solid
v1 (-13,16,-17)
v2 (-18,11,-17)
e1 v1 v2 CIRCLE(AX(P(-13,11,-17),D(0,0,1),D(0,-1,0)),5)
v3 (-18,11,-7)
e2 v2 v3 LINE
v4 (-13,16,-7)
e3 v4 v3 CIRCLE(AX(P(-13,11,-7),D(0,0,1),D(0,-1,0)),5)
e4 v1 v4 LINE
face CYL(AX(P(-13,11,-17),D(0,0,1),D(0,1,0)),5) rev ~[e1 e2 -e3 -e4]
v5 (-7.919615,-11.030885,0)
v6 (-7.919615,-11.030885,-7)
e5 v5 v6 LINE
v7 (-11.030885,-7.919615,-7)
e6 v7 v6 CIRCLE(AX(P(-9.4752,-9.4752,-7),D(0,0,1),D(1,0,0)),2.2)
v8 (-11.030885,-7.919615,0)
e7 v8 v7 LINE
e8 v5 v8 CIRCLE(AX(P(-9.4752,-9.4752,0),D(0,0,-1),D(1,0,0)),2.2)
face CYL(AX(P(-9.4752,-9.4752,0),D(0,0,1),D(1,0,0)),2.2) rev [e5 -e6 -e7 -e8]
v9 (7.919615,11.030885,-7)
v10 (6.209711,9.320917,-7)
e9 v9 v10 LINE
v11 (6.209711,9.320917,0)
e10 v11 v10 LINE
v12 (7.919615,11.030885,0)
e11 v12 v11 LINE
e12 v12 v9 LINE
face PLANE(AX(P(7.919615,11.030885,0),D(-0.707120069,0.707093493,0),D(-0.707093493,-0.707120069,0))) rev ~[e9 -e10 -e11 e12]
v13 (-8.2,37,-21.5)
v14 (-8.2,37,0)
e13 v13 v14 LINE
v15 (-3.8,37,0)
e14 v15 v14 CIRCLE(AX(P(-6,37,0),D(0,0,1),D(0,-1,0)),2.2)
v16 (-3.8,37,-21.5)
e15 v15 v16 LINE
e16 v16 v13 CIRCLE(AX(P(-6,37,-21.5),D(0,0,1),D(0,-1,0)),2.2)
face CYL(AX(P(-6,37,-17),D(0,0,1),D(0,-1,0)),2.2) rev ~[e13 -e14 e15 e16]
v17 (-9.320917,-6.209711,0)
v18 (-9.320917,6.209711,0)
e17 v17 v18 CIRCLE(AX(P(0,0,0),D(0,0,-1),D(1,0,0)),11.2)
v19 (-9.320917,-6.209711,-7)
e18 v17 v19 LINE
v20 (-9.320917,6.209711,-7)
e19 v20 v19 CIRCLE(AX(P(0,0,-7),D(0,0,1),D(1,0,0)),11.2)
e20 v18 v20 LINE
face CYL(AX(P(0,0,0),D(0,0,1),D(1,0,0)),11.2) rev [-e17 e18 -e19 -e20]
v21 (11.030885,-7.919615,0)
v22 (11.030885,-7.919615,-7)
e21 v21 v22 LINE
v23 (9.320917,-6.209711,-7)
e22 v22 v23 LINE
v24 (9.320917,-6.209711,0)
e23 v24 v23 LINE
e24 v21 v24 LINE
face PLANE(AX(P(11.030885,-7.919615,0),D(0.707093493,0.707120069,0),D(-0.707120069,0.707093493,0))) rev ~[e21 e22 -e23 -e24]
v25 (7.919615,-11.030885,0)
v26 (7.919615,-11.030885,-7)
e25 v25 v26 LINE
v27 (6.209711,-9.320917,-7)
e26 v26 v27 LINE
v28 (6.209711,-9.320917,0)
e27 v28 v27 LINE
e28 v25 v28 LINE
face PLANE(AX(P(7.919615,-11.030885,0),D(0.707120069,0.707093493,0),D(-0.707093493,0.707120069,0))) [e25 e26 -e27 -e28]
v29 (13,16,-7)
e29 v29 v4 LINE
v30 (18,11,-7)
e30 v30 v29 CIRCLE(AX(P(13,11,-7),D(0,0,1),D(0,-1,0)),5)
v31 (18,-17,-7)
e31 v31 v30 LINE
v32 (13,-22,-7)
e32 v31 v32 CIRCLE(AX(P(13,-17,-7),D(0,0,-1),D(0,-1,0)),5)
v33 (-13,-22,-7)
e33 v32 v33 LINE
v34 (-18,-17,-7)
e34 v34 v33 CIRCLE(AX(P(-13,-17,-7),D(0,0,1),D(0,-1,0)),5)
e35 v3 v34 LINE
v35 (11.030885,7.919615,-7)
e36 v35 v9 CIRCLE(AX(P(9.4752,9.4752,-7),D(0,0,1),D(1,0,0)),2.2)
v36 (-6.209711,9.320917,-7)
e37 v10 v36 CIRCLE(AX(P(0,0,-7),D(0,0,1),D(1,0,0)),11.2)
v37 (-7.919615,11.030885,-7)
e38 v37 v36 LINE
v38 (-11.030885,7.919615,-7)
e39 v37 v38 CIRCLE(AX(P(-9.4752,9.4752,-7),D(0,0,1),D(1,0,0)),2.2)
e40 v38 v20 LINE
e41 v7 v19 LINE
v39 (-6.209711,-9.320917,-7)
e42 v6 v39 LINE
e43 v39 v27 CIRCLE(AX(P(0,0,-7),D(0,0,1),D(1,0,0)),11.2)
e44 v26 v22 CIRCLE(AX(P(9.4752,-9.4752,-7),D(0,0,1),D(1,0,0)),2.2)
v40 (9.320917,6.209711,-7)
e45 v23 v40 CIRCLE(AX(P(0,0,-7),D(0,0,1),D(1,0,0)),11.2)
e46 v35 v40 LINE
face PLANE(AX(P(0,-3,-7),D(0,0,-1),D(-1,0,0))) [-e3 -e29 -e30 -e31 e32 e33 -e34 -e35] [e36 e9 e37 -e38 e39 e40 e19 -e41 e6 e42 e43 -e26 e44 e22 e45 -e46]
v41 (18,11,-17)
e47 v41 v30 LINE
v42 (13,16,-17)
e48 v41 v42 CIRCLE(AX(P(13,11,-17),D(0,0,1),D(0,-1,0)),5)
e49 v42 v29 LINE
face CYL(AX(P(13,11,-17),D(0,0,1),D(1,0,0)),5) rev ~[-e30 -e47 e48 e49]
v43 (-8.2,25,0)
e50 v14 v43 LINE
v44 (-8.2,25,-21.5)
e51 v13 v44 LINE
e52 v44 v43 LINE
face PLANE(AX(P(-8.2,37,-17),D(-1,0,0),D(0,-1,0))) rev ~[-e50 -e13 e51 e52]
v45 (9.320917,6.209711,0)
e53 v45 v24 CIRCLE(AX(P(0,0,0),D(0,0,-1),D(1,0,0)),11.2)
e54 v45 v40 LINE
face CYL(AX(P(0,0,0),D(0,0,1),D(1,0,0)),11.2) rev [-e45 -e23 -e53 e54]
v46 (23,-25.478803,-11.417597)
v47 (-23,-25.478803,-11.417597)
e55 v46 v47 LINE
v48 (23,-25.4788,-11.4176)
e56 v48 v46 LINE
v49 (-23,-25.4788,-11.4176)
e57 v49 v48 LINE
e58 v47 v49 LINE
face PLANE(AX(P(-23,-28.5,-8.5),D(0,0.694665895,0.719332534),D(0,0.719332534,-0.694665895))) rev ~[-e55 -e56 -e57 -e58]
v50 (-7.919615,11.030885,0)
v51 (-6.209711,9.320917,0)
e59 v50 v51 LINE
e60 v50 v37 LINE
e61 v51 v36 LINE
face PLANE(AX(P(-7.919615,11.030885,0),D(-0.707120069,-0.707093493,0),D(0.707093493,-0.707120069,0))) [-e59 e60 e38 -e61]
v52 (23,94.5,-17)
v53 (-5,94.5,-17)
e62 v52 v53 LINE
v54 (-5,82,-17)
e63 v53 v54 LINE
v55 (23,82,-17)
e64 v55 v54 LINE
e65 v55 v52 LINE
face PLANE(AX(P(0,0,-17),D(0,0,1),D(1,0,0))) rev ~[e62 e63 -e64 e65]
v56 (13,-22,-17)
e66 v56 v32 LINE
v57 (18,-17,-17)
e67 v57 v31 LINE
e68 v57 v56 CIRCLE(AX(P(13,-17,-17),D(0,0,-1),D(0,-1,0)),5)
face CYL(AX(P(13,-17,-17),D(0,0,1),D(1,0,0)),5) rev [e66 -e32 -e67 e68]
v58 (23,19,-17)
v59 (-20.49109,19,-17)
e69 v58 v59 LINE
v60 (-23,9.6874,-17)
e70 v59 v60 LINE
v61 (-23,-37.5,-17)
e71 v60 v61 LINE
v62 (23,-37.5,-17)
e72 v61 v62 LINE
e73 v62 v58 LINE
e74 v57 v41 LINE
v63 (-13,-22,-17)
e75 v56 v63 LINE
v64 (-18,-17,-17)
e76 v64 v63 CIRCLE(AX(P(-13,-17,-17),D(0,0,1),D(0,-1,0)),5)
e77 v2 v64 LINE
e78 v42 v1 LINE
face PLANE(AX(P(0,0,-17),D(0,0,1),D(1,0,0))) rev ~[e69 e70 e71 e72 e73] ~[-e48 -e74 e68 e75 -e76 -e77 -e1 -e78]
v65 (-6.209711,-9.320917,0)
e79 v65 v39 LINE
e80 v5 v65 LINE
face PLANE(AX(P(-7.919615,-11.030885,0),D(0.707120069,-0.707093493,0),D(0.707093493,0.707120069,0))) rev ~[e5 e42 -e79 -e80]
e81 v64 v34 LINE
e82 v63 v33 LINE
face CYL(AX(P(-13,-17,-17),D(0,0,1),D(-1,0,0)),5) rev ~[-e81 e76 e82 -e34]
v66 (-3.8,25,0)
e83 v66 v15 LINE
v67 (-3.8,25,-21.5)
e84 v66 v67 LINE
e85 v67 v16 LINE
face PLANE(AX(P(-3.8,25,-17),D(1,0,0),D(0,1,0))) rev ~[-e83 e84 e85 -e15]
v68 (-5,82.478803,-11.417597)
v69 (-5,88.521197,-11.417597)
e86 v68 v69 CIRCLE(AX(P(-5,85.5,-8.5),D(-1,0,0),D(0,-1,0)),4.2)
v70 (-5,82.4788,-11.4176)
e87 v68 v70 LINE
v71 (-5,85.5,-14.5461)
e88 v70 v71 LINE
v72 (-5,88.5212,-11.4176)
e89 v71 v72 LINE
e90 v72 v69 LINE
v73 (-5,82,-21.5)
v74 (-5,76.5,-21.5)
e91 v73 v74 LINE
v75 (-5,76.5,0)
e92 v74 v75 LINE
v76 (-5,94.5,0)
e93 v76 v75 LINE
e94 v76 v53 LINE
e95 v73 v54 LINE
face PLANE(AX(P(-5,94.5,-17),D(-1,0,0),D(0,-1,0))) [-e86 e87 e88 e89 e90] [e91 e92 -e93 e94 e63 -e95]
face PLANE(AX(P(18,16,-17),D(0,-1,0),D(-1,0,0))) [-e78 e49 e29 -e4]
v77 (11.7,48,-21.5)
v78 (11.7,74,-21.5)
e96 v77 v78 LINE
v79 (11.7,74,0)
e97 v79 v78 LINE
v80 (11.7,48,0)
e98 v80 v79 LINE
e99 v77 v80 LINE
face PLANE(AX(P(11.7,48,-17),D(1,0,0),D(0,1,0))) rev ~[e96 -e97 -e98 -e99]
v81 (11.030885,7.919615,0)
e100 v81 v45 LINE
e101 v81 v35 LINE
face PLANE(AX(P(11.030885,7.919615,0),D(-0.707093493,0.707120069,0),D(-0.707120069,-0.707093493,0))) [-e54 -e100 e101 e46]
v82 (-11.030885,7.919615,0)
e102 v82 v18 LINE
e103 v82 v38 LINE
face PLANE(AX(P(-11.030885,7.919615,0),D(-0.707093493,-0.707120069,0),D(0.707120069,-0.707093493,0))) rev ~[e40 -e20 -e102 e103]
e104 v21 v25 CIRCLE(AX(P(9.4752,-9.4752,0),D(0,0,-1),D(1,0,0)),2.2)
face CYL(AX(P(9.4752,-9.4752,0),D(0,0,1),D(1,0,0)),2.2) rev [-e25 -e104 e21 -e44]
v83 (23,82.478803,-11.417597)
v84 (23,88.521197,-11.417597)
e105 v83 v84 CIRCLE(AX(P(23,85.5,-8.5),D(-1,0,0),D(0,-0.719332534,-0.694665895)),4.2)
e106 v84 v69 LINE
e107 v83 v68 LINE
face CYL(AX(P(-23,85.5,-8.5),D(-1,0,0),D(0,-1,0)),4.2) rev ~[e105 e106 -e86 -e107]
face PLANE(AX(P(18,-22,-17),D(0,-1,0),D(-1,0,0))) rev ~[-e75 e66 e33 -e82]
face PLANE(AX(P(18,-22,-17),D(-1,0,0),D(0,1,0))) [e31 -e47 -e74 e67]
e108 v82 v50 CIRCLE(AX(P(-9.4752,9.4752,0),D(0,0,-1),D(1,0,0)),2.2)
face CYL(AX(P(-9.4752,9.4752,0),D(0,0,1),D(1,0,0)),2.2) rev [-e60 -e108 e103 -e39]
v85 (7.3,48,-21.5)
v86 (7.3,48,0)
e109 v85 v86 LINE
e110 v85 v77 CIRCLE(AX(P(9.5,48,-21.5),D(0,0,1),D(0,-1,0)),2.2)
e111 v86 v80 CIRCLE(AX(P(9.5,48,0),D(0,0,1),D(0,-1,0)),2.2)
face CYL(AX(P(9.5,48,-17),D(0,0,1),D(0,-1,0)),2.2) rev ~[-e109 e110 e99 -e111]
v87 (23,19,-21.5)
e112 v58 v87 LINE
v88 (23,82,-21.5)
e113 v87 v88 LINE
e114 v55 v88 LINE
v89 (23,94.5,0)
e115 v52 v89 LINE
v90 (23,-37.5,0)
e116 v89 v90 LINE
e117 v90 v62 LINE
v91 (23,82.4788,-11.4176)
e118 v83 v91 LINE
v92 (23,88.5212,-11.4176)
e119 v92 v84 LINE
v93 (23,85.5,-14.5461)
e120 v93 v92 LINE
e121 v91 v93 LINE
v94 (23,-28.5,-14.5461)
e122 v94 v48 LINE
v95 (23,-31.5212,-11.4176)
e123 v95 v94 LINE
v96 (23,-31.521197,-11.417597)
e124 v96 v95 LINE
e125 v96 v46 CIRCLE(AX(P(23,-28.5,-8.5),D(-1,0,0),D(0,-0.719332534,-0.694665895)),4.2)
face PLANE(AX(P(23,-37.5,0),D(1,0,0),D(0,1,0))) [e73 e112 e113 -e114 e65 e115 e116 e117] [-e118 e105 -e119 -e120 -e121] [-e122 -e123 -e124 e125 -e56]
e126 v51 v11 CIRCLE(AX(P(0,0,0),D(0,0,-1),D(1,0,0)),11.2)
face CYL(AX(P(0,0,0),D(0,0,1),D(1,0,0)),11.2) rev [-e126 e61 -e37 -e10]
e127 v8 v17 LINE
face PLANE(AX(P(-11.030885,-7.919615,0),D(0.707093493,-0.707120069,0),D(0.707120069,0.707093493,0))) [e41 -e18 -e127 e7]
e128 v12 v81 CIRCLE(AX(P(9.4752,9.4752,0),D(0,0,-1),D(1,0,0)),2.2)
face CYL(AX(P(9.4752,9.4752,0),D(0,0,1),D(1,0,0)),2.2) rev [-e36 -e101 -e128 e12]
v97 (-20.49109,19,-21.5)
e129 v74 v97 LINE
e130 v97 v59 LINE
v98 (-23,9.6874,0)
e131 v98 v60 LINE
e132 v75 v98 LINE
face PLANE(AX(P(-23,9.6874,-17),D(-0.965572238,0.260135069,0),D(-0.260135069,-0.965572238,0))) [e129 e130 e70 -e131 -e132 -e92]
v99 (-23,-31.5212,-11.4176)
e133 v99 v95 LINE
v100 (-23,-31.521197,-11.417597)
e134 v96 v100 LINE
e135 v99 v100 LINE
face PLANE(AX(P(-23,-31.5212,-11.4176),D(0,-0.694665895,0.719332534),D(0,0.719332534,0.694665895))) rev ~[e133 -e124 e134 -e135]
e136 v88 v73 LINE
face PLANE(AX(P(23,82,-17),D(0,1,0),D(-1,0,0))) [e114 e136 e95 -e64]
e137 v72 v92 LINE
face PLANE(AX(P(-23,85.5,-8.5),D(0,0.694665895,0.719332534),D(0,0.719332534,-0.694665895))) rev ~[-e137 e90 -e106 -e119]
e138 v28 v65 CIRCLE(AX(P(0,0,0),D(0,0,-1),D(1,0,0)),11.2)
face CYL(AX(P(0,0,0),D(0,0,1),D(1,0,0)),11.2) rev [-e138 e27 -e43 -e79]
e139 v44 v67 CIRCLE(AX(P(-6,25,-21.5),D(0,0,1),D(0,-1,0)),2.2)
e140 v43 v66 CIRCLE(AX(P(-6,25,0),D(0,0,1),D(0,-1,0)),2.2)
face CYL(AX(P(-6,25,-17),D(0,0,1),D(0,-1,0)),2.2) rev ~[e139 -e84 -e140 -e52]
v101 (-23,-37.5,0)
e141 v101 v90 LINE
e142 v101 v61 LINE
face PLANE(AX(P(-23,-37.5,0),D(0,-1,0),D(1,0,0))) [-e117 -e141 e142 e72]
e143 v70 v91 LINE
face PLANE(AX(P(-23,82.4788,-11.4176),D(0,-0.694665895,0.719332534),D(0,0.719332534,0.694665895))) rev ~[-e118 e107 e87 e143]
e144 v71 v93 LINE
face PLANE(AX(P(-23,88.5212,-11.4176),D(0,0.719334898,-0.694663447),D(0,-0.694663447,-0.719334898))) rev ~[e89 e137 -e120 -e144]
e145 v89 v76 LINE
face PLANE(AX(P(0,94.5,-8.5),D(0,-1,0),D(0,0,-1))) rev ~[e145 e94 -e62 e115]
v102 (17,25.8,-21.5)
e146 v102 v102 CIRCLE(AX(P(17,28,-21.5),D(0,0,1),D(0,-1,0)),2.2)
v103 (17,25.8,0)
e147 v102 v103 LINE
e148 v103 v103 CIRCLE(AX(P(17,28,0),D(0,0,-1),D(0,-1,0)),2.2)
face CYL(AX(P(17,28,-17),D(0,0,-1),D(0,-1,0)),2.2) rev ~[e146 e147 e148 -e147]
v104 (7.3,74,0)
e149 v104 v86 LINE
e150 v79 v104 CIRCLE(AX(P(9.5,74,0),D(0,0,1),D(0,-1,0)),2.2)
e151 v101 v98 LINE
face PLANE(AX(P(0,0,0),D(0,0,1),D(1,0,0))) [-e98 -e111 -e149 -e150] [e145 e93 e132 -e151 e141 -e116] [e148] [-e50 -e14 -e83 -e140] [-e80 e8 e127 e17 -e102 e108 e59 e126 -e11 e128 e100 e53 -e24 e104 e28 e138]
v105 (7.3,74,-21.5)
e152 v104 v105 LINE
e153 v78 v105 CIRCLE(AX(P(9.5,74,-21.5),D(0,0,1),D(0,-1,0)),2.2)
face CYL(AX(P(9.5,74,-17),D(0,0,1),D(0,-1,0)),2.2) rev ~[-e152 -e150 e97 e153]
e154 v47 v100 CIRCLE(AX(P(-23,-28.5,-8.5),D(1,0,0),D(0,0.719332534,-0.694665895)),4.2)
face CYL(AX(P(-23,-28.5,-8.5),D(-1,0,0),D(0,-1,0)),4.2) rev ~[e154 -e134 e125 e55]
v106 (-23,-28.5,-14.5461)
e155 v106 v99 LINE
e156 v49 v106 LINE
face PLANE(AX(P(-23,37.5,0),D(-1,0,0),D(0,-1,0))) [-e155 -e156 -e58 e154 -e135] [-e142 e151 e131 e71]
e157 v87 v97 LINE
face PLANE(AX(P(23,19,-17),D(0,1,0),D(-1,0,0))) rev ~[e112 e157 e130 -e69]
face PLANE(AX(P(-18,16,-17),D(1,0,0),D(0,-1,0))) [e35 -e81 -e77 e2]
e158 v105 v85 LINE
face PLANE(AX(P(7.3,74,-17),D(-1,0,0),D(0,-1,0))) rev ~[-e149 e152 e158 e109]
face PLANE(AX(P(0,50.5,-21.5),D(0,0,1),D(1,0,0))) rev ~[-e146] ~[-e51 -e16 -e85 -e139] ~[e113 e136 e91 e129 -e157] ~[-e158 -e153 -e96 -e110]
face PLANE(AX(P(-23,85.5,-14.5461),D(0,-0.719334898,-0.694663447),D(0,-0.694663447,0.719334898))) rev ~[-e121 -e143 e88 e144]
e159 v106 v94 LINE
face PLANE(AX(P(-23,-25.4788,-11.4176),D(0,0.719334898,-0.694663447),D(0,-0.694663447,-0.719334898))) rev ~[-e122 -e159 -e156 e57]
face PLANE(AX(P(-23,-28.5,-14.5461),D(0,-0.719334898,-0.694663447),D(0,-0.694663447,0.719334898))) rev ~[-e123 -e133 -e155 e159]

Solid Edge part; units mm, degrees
sketch "Sketch1" plane through (0, 0, 0) normal (0, 0, 1) x (1, 0, 0)
  line L0 (-23, -37.5) -> (23, -37.5)
  line L1 (23, -37.5) -> (23, 37.5)
  line L2 (23, 37.5) -> (-23, 37.5)
  line L3 (-23, 37.5) -> (-23, -37.5)
extrude "Protrusion1" add sketch "Sketch1" against normal blind 17
sketch "Sketch2" plane through (0, 0, 0) normal (0, 0, 1) x (1, 0, 0)
  arc A0 (-9.3209, -6.2097) -> (-9.3209, 6.2097) centre (0, 0) cw
  line L0 (-11.0309, 7.9196) -> (-9.3209, 6.2097)
  arc A1 (-11.0309, 7.9196) -> (-7.9196, 11.0309) centre (-9.4752, 9.4752) cw
  line L1 (-7.9196, 11.0309) -> (-6.2097, 9.3209)
  arc A2 (-6.2097, 9.3209) -> (6.2097, 9.3209) centre (0, 0) cw
  line L2 (7.9196, 11.0309) -> (6.2097, 9.3209)
  arc A3 (7.9196, 11.0309) -> (11.0309, 7.9196) centre (9.4752, 9.4752) cw
  line L3 (11.0309, 7.9196) -> (9.3209, 6.2097)
  arc A4 (9.3209, 6.2097) -> (9.3209, -6.2097) centre (0, 0) cw
  line L4 (11.0309, -7.9196) -> (9.3209, -6.2097)
  arc A5 (11.0309, -7.9196) -> (7.9196, -11.0309) centre (9.4752, -9.4752) cw
  line L5 (7.9196, -11.0309) -> (6.2097, -9.3209)
  arc A6 (6.2097, -9.3209) -> (-6.2097, -9.3209) centre (0, 0) cw
  line L6 (-7.9196, -11.0309) -> (-6.2097, -9.3209)
  arc A7 (-7.9196, -11.0309) -> (-11.0309, -7.9196) centre (-9.4752, -9.4752) cw
  line L7 (-11.0309, -7.9196) -> (-9.3209, -6.2097)
extrude "Cutout1" cut sketch "Sketch2" against normal through all
sketch "Sketch3" plane through (0, 37.5, -10) normal (0, 1, 0) x (-1, 0, 0)
  line L0 (-23, 10) -> (23, 10)
  line L1 (23, -7) -> (23, 10)
  line L2 (-23, -7) -> (23, -7)
  line L3 (-23, -7) -> (-23, 10)
extrude "ExtrudedProtrusion_2" add sketch "Sketch3" along normal blind 57
sketch "Sketch4" plane through (-23, 0, -10) normal (-1, 0, 0) x (0, -1, 0)
  circle A0 centre (28.5, 1.5) radius 4.2
  circle A1 centre (-85.5, 1.5) radius 4.2
  dimension "D1" = 9
  dimension "D2" = 114
  dimension "D3" = 8.4
  dimension "D4" = 8.4
extrude "Cutout2" cut sketch "Sketch4" against normal through all
sketch "Sketch5" plane through (-23, 0, -10) normal (-1, 0, 0) x (0, -1, 0)
  line L0 (-85.5, 1.5) -> (-88.5212, -1.4176)
  line L1 (-88.5212, -1.4176) -> (-85.5, -4.5461)
  line L2 (-85.5, -4.5461) -> (-82.4788, -1.4176)
  line L3 (-82.4788, -1.4176) -> (-85.5, 1.5)
  line L4 (28.5, 1.5) -> (25.4788, -1.4176)
  line L5 (25.4788, -1.4176) -> (28.5, -4.5461)
  line L6 (28.5, -4.5461) -> (31.5212, -1.4176)
  line L7 (31.5212, -1.4176) -> (28.5, 1.5)
extrude "Cutout3" cut sketch "Sketch5" against normal through all
sketch "Sketch6" plane through (0, 28.5, -17) normal (0, 0, -1) x (0, -1, 0)
  line L0 (-53.5, -23) -> (-53.5, 23)
  line L1 (-53.5, 23) -> (9.5, 23)
  line L2 (9.5, -23) -> (9.5, 23)
  line L3 (9.5, -23) -> (-53.5, -23)
extrude "ExtrudedProtrusion_4" add sketch "Sketch6" along normal blind 4.5
sketch "Sketch7" plane through (0, 28.5, -17) normal (0, 0, -1) x (0, -1, 0)
  line L0 (-66, 5) -> (-48, 5)
  line L1 (-48, 5) -> (18.8126, 23)
  dimension "D1" = 18
  dimension "D2" = 28
extrude "Cutout4" cut sketch "Sketch7" along normal through all and the other way through all material side at (-5.05, 85.5, -17)
sketch "Sketch8" plane through (0, 28.5, -17) normal (0, 0, -1) x (0, -1, 0)
  line L0 (-45.5, -7.3) -> (-19.5, -7.3)
  arc A0 (-19.5, -7.3) -> (-19.5, -11.7) centre (-19.5, -9.5) cw
  line L1 (-19.5, -11.7) -> (-45.5, -11.7)
  arc A1 (-45.5, -11.7) -> (-45.5, -7.3) centre (-45.5, -9.5) cw
  arc A2 (-8.5, 3.8) -> (-8.5, 8.2) centre (-8.5, 6) cw
  line L2 (-8.5, 8.2) -> (3.5, 8.2)
  arc A3 (3.5, 8.2) -> (3.5, 3.8) centre (3.5, 6) cw
  line L3 (3.5, 3.8) -> (-8.5, 3.8)
  circle A4 centre (0.5, -17) radius 2.2
  dimension "D1" = 5.4
  dimension "D2" = 16
  dimension "D3" = 12
  dimension "D4" = 28
  dimension "D5" = 25
  dimension "D6" = 5.4
  dimension "D7" = 12
  dimension "D8" = 5.4
  dimension "D9" = 0.5
  dimension "D10" = 0.5
  dimension "D11" = 0.5
extrude "Cutout5" cut sketch "Sketch8" along normal through all and the other way through all
sketch "Sketch9" plane through (0, -9.25, -17) normal (0, 0, -1) x (0, 1, 0)
  line L0 (-12.75, 18) -> (-12.75, -18)
  line L1 (25.25, -18) -> (-12.75, -18)
  line L2 (25.25, 18) -> (25.25, -18)
  line L3 (-12.75, 18) -> (25.25, 18)
  dimension "D1" = 5
  dimension "D2" = 36
  dimension "D3" = 16
  dimension "D4" = 22
extrude "ExtrudedCutout_8" cut sketch "Sketch9" against normal blind 10
fillet "Round_1" radius 5 4 edges at (18, 16, -12) (-18, 16, -12) (-18, -22, -12) (18, -22, -12)
